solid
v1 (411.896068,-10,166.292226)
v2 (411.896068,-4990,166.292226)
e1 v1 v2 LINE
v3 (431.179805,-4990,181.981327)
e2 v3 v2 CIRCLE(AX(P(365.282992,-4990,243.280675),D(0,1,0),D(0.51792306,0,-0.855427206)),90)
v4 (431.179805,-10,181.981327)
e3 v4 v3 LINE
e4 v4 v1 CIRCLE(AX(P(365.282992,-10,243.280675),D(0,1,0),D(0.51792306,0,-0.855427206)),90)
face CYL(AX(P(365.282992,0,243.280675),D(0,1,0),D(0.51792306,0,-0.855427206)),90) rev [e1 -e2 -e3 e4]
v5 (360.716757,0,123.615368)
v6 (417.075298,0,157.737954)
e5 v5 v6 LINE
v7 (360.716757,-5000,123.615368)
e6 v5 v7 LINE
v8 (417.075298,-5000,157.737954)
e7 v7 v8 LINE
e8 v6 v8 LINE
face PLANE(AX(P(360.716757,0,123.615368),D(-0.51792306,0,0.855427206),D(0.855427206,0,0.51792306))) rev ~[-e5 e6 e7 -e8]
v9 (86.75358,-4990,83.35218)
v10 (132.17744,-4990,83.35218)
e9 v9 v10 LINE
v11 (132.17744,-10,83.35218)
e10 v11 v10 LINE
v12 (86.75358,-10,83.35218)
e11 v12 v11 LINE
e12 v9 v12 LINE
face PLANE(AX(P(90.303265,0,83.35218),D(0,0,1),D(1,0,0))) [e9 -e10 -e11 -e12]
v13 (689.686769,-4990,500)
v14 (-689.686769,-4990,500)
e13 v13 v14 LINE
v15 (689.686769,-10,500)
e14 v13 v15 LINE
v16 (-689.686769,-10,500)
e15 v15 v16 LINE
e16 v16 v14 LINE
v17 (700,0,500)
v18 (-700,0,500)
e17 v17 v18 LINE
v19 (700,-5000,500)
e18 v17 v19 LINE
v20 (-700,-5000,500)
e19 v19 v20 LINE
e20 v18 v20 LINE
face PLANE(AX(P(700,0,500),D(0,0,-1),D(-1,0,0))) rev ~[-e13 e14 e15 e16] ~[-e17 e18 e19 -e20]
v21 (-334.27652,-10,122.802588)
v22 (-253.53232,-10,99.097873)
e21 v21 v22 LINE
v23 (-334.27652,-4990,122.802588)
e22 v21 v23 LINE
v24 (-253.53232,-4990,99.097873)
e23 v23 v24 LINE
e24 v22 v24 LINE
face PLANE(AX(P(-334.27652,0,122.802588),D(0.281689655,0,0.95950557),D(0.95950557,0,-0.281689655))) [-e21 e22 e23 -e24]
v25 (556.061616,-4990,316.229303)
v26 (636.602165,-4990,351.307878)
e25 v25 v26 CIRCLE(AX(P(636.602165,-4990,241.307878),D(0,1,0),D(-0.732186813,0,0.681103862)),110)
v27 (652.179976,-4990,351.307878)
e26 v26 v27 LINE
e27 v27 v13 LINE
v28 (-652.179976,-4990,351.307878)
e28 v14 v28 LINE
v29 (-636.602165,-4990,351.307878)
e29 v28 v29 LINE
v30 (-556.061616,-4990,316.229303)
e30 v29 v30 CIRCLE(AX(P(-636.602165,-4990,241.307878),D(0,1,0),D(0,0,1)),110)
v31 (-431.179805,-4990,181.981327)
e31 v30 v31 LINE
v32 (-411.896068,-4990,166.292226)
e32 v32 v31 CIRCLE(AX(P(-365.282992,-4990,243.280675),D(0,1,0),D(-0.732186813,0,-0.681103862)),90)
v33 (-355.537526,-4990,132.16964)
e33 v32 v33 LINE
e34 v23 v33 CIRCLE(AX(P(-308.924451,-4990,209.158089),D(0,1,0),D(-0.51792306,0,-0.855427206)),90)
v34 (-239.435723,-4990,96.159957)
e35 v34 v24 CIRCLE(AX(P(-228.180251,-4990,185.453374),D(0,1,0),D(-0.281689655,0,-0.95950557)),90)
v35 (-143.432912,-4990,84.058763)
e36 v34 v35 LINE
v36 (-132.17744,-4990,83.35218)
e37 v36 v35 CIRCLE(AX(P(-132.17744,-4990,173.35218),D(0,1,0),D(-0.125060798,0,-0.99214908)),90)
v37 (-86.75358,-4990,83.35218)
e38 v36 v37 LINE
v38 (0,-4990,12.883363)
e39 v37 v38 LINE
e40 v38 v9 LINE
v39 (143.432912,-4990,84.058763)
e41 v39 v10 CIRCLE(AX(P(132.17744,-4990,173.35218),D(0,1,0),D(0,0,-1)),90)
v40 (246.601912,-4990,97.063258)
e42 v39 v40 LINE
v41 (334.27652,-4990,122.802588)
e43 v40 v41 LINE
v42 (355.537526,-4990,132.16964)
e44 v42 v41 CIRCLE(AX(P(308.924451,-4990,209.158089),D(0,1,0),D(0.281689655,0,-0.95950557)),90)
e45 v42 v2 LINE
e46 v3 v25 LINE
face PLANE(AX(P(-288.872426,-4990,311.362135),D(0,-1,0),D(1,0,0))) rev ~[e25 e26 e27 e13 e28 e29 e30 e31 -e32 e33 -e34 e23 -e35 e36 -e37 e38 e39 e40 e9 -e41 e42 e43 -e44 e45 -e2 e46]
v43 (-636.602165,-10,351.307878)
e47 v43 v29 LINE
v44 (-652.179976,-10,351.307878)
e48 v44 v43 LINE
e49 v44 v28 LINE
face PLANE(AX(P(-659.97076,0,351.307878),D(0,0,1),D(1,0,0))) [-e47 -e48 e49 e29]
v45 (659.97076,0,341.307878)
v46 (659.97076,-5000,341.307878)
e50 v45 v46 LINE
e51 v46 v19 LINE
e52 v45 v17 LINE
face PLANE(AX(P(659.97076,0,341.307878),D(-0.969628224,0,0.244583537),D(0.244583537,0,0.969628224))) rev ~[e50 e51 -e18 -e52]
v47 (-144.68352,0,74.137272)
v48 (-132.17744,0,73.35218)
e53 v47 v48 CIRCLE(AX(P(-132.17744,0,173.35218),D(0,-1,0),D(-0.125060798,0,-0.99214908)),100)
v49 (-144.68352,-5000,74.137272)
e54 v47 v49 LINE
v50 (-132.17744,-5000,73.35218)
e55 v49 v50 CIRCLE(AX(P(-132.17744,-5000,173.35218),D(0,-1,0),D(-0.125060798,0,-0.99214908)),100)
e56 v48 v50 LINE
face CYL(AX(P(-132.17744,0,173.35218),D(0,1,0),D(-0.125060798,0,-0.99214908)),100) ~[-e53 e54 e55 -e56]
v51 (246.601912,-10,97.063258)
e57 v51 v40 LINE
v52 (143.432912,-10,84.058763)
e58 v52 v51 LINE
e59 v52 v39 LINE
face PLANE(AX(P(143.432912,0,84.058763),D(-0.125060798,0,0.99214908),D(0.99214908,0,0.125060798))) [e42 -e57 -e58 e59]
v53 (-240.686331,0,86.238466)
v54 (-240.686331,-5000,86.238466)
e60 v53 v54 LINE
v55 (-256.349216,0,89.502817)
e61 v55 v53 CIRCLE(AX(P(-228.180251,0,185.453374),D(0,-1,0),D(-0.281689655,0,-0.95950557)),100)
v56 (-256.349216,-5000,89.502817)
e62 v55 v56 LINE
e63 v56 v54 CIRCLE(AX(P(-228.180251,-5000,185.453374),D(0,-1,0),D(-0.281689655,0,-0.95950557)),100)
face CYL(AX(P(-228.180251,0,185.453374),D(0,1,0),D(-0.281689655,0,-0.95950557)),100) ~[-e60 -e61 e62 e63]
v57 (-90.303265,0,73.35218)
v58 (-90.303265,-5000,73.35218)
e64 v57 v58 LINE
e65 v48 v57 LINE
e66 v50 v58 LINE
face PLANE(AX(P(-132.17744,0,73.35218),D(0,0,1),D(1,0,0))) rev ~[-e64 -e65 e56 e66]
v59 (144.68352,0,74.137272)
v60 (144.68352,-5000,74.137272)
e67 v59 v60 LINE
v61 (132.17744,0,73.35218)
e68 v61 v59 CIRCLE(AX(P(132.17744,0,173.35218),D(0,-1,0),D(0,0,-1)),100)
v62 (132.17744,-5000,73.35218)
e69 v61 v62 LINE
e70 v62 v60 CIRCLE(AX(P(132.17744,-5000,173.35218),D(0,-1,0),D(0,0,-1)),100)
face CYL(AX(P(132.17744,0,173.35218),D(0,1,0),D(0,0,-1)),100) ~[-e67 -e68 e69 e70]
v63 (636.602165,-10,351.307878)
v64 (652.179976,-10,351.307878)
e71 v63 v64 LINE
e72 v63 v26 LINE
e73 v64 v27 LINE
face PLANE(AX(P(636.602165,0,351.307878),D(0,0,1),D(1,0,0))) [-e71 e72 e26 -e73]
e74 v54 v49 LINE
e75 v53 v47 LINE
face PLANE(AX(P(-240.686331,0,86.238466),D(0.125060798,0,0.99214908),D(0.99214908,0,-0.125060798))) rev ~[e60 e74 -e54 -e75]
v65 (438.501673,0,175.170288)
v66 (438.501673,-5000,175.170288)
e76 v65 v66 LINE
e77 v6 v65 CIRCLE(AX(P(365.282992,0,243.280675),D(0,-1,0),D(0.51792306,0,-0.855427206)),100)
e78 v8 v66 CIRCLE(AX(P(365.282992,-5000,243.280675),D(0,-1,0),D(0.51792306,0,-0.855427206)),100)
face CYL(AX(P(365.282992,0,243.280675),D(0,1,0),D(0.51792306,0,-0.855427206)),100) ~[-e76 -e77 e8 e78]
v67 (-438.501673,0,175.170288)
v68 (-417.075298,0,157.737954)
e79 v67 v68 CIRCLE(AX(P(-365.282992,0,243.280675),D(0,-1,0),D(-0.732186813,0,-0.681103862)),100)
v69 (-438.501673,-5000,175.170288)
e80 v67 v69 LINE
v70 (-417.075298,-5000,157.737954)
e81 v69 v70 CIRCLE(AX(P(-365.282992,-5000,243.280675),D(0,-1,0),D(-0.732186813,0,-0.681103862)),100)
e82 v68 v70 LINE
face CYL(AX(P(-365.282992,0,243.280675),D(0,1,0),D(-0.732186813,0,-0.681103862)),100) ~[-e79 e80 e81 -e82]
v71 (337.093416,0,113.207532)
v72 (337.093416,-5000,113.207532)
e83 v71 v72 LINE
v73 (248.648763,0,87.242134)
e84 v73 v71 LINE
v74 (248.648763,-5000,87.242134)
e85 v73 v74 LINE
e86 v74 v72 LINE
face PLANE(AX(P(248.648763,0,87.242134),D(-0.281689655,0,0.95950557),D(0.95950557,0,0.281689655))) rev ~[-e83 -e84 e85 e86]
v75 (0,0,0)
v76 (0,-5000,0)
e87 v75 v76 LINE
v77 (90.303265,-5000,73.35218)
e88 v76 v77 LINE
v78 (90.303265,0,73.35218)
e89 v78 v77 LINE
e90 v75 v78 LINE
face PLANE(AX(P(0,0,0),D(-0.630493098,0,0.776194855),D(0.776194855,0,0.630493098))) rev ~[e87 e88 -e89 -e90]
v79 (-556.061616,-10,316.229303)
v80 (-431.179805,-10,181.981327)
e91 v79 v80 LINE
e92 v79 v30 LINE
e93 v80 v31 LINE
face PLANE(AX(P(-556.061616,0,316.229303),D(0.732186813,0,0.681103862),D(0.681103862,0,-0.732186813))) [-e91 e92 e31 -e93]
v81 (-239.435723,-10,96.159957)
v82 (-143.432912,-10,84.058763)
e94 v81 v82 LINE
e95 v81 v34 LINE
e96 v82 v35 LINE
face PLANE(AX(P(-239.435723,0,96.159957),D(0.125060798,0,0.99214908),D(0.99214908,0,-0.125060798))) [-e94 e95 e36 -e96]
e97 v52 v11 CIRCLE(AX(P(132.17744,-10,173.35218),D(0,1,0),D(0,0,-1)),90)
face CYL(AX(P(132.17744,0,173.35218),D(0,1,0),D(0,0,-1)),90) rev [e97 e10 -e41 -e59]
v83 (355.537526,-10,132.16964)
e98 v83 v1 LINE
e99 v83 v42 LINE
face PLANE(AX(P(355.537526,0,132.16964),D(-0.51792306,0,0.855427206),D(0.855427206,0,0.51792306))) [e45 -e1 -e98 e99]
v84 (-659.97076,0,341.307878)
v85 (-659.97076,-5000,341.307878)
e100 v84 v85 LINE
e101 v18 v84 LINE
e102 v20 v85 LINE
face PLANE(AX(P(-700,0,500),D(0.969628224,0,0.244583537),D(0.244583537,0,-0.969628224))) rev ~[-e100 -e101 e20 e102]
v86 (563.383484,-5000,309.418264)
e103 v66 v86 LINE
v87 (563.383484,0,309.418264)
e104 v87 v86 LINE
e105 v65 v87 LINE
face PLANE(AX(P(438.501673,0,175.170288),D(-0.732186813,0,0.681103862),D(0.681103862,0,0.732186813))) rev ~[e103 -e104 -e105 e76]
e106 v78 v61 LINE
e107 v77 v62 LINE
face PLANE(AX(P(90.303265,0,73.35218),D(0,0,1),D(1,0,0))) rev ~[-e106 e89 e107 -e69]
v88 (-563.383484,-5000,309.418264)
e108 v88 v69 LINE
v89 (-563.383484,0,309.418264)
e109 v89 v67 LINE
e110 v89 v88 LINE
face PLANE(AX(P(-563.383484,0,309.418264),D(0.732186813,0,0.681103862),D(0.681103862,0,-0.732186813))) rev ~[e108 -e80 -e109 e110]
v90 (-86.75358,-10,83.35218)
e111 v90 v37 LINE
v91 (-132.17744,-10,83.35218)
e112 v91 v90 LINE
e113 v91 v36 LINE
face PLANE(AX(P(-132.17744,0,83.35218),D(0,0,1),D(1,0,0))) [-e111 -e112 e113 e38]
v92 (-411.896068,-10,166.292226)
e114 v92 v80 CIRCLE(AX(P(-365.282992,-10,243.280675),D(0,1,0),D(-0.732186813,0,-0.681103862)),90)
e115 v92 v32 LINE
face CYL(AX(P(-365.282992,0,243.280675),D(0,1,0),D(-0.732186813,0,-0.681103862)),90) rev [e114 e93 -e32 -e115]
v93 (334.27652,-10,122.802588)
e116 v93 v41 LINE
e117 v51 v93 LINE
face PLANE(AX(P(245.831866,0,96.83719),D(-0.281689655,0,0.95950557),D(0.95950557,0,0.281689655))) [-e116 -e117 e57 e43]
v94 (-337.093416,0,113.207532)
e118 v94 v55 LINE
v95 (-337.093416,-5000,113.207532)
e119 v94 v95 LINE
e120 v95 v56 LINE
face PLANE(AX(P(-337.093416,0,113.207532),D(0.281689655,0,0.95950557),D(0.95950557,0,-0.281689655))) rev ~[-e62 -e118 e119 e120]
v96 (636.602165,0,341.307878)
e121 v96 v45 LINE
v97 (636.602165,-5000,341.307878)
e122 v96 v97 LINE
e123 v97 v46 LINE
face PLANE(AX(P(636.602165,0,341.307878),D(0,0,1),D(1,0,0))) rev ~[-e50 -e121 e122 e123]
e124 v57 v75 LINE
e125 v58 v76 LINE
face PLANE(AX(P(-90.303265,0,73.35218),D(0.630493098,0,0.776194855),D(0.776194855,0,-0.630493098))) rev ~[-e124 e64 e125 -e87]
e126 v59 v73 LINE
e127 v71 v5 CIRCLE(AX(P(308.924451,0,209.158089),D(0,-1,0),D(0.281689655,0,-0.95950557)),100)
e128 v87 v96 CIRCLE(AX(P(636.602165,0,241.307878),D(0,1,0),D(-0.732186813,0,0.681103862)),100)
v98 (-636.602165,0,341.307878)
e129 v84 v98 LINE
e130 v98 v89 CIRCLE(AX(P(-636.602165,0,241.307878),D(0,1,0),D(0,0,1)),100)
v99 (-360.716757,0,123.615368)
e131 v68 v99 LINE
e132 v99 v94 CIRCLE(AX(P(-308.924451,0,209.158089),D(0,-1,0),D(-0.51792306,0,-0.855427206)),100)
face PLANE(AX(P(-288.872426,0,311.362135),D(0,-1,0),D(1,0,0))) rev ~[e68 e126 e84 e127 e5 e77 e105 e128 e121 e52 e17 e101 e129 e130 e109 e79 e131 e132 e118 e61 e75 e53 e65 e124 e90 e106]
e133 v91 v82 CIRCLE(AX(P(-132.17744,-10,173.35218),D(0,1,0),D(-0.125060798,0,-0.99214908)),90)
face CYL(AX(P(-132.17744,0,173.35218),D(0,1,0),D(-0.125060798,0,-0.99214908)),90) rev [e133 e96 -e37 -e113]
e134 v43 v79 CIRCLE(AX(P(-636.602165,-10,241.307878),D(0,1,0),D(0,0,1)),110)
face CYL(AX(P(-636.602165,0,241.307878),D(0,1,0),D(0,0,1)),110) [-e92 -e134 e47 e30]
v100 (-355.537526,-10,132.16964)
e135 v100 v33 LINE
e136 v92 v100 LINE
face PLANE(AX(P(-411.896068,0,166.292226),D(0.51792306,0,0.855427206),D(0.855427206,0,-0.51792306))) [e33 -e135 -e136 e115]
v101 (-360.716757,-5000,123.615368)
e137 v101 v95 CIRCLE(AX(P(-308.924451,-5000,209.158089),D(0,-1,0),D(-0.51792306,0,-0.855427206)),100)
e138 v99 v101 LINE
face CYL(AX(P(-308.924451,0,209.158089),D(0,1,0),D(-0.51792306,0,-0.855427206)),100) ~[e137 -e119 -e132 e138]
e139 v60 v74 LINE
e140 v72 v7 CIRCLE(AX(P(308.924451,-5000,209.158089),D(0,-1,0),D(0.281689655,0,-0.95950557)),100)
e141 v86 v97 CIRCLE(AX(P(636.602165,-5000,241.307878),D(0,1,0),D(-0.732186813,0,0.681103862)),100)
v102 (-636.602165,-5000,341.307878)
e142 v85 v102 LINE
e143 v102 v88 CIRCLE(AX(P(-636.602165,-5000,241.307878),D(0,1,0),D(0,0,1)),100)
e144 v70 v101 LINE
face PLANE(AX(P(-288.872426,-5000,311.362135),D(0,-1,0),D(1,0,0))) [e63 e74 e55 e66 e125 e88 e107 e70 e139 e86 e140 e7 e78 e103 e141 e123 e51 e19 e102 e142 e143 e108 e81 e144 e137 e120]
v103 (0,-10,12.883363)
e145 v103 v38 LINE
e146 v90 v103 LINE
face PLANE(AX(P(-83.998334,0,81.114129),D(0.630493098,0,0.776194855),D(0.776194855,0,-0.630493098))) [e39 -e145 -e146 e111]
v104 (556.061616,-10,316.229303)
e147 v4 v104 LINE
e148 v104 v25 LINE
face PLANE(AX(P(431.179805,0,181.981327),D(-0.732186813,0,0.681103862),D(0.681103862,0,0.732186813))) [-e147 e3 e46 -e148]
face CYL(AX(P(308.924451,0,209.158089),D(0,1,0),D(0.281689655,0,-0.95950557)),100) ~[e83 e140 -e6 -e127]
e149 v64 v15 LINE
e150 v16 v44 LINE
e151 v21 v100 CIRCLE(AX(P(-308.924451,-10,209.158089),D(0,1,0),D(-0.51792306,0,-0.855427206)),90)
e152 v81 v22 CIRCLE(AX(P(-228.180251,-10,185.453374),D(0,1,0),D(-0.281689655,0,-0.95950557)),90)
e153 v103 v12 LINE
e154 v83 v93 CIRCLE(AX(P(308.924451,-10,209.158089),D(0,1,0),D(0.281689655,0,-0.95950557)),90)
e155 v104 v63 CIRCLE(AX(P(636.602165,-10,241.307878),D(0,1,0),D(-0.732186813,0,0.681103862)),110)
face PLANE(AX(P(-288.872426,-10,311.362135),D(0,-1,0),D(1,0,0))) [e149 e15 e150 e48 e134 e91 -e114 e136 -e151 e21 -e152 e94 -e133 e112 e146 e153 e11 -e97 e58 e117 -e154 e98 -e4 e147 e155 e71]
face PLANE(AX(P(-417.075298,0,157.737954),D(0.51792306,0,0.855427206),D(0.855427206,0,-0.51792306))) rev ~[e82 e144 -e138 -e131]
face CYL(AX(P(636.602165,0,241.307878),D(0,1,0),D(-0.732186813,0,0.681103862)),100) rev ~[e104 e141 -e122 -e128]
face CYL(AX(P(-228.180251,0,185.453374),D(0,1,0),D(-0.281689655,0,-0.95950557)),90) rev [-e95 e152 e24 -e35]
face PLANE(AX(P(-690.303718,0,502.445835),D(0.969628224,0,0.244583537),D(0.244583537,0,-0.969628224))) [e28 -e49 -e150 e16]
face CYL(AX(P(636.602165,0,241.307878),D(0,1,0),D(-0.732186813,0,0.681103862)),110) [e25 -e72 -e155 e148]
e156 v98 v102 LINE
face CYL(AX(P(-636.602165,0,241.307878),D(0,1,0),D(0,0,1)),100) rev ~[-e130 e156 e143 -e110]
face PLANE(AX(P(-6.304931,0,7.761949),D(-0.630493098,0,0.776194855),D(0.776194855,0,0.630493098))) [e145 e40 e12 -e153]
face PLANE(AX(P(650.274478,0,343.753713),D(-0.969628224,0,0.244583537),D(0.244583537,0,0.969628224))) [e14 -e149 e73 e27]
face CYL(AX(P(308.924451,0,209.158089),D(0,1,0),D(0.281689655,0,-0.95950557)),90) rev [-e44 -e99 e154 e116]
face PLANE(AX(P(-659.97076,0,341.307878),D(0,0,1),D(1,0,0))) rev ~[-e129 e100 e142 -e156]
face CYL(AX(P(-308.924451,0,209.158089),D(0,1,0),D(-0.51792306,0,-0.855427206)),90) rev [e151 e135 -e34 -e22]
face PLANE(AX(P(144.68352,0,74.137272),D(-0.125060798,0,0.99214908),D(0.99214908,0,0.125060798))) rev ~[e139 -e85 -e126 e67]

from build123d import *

# Parameters (mm, degrees)
F2_DEPTH = 5000
F3_T     = -10


with BuildPart() as f2:
    # F0 (on Front) → F2 (new body)
    with BuildSketch(Plane.XZ):
        with BuildLine():
            Line((-90.3032645583, 73.3521804214), (0, 0))
            Line((0, 0), (0, 500))
            Line((0, 500), (-700, 500))
            Line((-700, 500), (-659.9707603455, 341.3078779773))
            Line((-659.9707603455, 341.3078779773), (-636.6021653731, 341.3078779773))
            ThreePointArc((-636.6021653731, 341.3078779773), (-596.6712163725, 332.9894972469), (-563.3834841061, 309.4182642155))
            Line((-563.3834841061, 309.4182642155), (-438.5016734996, 175.1702883654))
            ThreePointArc((-438.5016734996, 175.1702883654), (-428.3932790461, 165.710759699), (-417.0752981876, 157.7379540258))
            Line((-417.0752981876, 157.7379540258), (-360.7167568947, 123.615368327))
            ThreePointArc((-360.7167568947, 123.615368327), (-349.2423377723, 117.6459694815), (-337.0934164626, 113.2075319426))
            Line((-337.0934164626, 113.2075319426), (-256.349216299, 89.5028171123))
            ThreePointArc((-256.349216299, 89.5028171123), (-248.5831629557, 87.5568921429), (-240.6863306004, 86.2384660848))
            Line((-240.6863306004, 86.2384660848), (-144.6835198288, 74.1372724315))
            ThreePointArc((-144.6835198288, 74.1372724315), (-138.4427891974, 73.5486464183), (-132.1774400044, 73.3521804214))
            Line((-132.1774400044, 73.3521804214), (-90.3032645583, 73.3521804214))
        make_face()
        with BuildLine():
            Line((0, 500), (0, 0))
            Line((0, 0), (90.3032645583, 73.3521804214))
            Line((90.3032645583, 73.3521804214), (132.1774400044, 73.3521804214))
            ThreePointArc((132.1774400044, 73.3521804214), (138.4427891974, 73.5486464183), (144.6835198288, 74.1372724315))
            Line((144.6835198288, 74.1372724315), (248.6487627029, 87.2421339154))
            Line((248.6487627029, 87.2421339154), (337.0934164626, 113.2075319426))
            ThreePointArc((337.0934164626, 113.2075319426), (349.2423377723, 117.6459694815), (360.7167568947, 123.615368327))
            Line((360.7167568947, 123.615368327), (417.0752981876, 157.7379540258))
            ThreePointArc((417.0752981876, 157.7379540258), (428.3932790461, 165.710759699), (438.5016734996, 175.1702883654))
            Line((438.5016734996, 175.1702883654), (563.3834841061, 309.4182642155))
            ThreePointArc((563.3834841061, 309.4182642155), (596.6712163725, 332.9894972469), (636.6021653731, 341.3078779773))
            Line((636.6021653731, 341.3078779773), (659.9707603455, 341.3078779773))
            Line((659.9707603455, 341.3078779773), (700, 500))
            Line((700, 500), (0, 500))
        make_face()
    extrude(amount=F2_DEPTH)

    # F3
    f3_openings = [f2.faces().sort_by_distance(p)[0] for p in [
        (0, -2500, 500),
    ]]
    offset(amount=F3_T, openings=f3_openings, kind=Kind.INTERSECTION)


solid = f2.part
